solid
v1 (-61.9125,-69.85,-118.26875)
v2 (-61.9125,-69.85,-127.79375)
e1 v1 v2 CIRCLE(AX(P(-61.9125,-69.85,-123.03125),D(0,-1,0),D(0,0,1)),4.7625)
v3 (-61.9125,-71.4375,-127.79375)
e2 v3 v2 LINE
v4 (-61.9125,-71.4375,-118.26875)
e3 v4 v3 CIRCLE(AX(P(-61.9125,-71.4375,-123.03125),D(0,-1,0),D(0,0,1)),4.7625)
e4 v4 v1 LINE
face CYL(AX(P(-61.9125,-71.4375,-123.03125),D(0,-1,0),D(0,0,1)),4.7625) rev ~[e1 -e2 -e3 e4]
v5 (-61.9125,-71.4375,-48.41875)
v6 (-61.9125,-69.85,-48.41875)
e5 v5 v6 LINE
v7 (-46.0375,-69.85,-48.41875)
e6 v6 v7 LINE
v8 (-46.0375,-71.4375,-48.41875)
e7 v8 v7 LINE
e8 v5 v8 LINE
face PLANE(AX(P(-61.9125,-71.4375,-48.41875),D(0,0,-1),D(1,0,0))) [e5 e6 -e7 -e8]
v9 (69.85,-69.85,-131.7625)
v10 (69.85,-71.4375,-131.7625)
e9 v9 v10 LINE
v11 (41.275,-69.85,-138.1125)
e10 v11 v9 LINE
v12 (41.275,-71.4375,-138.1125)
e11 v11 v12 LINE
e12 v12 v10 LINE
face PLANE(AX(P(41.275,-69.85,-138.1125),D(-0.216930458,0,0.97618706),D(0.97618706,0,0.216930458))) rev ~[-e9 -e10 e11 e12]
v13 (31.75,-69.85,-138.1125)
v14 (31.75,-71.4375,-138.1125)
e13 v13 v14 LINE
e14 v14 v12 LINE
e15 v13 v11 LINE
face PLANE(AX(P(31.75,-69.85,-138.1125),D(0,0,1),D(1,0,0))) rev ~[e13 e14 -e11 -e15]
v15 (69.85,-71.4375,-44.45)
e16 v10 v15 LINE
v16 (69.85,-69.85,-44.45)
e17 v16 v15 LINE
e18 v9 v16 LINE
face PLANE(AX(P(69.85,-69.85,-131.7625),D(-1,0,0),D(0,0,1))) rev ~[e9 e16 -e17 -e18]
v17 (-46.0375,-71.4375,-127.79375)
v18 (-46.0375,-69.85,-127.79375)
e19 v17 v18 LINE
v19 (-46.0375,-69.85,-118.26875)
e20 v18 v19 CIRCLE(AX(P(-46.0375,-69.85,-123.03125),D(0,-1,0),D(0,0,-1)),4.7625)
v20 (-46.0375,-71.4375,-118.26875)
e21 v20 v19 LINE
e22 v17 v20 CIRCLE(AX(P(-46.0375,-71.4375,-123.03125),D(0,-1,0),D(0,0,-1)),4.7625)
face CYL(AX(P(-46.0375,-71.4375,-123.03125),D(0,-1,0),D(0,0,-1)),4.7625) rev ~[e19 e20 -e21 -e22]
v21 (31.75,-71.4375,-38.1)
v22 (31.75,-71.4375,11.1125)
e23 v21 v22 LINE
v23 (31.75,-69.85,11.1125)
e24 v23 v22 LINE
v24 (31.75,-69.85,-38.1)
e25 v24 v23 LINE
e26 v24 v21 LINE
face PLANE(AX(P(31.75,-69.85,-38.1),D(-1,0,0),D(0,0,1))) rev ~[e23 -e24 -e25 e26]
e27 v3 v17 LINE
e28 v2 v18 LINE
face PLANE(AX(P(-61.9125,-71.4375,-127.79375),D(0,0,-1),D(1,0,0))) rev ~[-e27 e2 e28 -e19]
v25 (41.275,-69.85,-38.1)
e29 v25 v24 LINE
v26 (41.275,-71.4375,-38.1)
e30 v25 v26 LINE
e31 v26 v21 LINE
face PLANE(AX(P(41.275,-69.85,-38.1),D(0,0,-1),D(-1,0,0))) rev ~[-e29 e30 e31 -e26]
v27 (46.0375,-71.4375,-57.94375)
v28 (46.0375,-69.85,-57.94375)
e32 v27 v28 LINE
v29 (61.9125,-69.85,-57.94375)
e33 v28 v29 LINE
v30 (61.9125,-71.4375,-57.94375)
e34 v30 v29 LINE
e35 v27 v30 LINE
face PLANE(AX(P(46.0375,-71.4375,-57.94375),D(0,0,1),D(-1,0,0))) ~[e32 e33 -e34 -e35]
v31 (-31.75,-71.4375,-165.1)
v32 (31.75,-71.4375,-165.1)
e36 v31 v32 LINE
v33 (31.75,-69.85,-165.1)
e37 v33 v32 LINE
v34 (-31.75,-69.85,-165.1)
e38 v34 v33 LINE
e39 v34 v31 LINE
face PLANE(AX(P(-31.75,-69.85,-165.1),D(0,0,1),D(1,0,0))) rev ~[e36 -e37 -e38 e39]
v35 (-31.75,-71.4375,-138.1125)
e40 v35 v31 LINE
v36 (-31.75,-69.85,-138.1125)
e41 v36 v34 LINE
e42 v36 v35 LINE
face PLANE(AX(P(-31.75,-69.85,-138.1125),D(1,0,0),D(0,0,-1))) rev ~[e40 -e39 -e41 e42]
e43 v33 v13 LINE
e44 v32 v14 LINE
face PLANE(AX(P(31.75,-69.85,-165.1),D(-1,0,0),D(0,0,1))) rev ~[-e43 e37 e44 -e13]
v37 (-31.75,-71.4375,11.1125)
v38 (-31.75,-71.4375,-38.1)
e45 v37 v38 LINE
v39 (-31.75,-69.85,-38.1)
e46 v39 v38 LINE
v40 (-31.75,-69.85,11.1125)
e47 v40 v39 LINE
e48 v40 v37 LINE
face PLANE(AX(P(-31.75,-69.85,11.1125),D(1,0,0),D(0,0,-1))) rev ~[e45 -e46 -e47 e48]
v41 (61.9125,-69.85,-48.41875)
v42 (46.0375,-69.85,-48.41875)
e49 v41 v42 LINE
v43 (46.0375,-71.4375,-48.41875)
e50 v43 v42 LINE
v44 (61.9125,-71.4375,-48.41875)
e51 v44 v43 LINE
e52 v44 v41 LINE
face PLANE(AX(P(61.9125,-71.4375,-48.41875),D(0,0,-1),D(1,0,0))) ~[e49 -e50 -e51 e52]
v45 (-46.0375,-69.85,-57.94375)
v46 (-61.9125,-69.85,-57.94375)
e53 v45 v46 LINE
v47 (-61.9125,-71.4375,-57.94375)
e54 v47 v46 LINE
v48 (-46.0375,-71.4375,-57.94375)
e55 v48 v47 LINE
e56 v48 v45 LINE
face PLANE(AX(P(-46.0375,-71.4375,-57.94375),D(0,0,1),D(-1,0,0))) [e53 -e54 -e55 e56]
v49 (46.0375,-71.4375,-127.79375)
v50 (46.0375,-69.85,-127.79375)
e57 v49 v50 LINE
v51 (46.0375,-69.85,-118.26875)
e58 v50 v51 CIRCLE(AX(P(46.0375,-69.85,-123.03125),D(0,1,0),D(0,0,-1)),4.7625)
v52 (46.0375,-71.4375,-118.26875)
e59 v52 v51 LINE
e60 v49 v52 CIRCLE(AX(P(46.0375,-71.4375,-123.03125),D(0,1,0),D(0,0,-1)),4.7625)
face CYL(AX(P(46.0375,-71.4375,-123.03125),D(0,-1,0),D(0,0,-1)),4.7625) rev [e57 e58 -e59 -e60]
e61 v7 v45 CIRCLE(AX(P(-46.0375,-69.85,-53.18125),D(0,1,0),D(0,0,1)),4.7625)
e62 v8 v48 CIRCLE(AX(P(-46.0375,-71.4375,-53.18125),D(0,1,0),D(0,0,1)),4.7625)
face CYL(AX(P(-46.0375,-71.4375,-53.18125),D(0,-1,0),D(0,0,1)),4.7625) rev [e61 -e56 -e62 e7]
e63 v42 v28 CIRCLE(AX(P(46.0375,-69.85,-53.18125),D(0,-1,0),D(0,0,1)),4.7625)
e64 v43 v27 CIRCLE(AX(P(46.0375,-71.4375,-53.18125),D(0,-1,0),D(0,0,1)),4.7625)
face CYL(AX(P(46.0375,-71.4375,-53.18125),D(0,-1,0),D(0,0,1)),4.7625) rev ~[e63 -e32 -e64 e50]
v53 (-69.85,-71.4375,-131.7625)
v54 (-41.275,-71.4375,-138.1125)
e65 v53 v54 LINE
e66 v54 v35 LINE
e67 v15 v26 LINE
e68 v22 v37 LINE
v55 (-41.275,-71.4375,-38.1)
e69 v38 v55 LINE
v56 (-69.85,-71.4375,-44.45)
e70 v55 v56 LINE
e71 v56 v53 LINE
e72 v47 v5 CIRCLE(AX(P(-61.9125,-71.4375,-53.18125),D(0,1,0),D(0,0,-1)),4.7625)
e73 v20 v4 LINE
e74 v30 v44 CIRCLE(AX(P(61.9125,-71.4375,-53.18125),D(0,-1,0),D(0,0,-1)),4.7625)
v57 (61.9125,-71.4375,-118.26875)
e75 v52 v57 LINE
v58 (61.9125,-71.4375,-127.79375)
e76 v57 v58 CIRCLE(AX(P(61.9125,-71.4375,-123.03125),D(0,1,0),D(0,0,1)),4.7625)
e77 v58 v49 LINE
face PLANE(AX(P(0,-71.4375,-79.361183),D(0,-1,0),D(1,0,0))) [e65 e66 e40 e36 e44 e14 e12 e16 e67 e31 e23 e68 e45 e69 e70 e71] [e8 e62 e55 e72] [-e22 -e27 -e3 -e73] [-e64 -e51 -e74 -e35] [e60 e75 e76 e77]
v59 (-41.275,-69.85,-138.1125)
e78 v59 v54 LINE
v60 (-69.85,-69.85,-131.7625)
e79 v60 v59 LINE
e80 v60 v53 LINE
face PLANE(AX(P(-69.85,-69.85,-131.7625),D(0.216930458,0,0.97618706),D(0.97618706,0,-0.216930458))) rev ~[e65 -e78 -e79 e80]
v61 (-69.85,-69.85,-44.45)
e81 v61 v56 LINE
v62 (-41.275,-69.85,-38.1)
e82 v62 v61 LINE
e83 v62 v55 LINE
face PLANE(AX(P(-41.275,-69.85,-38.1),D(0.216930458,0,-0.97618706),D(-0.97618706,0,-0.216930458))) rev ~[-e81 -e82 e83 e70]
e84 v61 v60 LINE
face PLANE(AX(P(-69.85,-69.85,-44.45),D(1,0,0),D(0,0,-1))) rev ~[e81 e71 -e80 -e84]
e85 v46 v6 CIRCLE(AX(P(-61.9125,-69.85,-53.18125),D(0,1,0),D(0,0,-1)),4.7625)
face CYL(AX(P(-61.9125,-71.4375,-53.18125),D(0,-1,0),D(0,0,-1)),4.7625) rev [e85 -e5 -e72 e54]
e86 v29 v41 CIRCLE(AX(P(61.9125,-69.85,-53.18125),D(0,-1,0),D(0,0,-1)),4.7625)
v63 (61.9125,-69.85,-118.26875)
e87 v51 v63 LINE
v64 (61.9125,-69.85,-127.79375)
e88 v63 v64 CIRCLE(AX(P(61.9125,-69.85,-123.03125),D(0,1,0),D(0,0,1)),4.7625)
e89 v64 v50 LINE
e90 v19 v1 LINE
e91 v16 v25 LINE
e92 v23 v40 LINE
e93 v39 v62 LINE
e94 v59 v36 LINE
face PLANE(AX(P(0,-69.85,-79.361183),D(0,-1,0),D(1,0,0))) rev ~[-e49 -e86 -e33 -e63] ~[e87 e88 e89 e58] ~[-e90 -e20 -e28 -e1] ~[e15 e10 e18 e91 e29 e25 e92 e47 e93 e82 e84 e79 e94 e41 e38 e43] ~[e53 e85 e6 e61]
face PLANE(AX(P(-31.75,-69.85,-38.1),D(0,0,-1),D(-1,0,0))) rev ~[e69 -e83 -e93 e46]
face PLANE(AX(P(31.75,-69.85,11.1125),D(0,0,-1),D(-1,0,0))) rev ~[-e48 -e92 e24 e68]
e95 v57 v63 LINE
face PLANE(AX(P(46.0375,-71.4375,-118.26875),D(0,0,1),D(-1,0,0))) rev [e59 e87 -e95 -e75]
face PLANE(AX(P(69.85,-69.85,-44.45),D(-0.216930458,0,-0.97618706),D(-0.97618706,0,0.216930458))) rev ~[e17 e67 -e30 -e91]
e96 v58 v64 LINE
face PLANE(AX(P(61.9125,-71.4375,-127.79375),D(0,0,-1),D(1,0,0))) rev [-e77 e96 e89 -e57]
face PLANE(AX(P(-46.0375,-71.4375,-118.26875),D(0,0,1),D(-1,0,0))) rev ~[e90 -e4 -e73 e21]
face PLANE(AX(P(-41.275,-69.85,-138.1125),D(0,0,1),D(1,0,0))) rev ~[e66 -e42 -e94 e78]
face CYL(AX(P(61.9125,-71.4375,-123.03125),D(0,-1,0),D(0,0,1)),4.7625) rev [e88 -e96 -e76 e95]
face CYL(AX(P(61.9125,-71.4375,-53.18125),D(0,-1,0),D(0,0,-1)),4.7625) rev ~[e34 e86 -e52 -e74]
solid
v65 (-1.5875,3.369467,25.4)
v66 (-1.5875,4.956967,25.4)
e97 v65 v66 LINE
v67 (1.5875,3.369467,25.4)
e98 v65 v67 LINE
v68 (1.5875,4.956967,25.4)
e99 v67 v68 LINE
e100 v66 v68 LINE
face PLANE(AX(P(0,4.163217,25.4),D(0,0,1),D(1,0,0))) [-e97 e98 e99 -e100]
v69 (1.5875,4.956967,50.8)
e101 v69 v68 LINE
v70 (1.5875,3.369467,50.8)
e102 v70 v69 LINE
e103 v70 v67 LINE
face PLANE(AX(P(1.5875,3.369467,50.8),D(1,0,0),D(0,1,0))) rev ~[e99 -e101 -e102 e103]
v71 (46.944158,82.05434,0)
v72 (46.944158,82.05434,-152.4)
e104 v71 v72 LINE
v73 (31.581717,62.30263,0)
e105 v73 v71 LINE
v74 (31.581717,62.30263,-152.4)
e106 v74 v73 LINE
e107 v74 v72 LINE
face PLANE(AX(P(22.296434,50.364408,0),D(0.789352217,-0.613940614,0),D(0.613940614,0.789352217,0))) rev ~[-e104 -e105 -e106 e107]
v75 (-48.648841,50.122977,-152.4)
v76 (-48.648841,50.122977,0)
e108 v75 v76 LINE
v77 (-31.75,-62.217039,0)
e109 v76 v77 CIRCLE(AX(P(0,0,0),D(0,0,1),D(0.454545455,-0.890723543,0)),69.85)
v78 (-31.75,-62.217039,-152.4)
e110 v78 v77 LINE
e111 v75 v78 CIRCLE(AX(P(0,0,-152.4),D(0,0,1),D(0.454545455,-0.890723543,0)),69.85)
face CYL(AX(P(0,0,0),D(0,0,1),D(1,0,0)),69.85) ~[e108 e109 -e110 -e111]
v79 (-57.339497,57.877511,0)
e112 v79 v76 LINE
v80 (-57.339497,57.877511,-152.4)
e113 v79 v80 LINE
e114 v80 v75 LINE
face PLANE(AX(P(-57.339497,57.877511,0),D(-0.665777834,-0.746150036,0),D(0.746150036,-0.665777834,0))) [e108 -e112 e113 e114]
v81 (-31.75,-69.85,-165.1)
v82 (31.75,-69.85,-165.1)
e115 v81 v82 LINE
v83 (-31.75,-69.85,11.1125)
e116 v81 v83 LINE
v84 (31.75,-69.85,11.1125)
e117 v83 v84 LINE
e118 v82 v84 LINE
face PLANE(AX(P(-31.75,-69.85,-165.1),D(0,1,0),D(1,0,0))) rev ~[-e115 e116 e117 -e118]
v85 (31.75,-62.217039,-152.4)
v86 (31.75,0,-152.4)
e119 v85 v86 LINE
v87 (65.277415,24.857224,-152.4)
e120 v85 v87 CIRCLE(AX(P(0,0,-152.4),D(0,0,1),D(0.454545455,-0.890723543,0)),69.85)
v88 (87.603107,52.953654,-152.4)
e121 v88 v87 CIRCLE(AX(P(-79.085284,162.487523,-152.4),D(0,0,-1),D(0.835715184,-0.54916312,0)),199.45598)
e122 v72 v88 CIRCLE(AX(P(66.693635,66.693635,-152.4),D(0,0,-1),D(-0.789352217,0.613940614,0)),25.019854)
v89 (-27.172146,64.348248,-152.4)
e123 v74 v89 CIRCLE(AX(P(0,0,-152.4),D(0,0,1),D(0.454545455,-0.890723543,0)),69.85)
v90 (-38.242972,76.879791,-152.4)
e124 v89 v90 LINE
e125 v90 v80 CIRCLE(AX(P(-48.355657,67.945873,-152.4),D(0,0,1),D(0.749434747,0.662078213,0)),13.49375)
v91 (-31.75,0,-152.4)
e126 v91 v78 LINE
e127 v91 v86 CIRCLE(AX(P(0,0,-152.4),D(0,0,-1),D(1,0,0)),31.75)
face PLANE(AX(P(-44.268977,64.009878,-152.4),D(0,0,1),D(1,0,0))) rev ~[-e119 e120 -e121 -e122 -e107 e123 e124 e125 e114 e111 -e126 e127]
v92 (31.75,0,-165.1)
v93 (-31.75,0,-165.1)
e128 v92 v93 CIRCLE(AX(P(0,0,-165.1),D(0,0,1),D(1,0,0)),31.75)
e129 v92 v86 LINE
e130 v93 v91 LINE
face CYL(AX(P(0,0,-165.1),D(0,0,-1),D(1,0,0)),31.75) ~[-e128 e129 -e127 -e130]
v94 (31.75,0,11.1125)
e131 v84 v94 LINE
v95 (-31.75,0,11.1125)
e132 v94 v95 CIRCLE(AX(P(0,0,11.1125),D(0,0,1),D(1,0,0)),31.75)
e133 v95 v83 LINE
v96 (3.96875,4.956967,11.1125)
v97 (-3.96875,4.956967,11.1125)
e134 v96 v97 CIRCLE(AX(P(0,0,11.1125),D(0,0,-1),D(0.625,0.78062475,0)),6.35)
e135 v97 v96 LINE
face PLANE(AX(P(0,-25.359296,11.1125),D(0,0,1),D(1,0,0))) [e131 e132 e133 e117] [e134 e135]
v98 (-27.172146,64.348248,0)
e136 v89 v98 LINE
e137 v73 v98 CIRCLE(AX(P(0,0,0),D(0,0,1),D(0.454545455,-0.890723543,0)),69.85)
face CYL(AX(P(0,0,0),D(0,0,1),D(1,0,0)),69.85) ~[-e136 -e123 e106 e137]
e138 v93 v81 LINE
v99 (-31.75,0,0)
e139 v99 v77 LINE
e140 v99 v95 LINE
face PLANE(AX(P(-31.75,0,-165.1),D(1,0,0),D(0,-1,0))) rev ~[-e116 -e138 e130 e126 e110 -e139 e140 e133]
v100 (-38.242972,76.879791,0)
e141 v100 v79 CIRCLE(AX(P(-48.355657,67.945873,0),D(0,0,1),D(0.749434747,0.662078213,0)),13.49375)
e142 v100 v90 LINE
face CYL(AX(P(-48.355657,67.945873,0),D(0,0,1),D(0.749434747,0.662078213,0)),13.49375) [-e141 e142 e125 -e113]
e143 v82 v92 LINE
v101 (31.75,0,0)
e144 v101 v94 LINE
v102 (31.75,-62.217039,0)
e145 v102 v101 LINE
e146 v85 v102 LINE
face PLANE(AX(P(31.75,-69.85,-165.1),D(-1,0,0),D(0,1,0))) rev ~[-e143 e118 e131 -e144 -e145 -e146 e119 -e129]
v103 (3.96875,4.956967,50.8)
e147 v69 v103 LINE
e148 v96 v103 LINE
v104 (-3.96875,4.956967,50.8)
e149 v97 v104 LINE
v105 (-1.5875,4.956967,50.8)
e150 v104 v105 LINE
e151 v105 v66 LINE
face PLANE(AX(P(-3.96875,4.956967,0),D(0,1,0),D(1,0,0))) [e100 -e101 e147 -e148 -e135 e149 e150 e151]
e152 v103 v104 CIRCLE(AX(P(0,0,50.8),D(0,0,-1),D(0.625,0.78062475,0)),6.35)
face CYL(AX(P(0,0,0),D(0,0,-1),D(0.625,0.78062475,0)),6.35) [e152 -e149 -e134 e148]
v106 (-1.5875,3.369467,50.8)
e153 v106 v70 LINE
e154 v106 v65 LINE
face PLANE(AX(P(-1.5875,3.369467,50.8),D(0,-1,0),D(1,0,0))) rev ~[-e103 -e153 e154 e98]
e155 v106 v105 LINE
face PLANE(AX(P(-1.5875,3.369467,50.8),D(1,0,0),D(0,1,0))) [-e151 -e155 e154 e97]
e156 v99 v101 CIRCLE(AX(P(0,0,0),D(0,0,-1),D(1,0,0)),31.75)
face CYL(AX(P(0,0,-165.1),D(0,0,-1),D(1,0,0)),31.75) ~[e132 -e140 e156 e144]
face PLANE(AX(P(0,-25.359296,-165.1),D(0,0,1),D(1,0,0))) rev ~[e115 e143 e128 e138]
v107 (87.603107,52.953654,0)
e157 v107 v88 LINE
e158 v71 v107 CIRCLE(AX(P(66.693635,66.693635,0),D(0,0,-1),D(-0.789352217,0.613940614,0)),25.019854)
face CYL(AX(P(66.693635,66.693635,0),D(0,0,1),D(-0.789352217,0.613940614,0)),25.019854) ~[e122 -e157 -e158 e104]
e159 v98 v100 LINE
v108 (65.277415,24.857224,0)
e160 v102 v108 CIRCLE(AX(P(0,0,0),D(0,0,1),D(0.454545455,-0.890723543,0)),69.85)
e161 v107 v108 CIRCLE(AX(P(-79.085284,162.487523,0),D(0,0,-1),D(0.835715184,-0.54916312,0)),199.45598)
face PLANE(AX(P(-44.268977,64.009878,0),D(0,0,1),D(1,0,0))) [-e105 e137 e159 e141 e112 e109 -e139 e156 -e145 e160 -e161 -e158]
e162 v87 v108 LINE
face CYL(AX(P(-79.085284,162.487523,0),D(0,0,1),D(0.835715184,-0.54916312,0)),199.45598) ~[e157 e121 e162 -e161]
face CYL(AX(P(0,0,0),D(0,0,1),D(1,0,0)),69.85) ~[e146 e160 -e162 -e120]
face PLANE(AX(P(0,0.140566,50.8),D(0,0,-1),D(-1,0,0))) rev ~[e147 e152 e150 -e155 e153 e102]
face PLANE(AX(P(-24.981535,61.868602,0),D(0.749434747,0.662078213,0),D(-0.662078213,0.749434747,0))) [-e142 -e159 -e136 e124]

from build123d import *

# Parameters (mm, degrees)
BOSS_EXTRUDE1_DEPTH      = 50.8
SKETCH2_R                = 69.85
BOSS_EXTRUDE2_DEPTH      = 152.4
BOSS_EXTRUDE3_DEPTH      = 11.1125
BOSS_EXTRUDE3_DEPTH_BACK = 165.1
BOSS_EXTRUDE4_DEPTH      = 1.5875
CUT_EXTRUDE1_DEPTH       = 1.5875
BOSS_EXTRUDE5_DEPTH      = 152.4
SKETCH7_W                = 3.175
SKETCH7_H                = 1.5875
CUT_EXTRUDE2_DEPTH       = 25.4


with BuildPart() as part:
    # Sketch1 → Boss-Extrude1 (new body)
    with BuildSketch(Plane.XY):
        with BuildLine():
            Line((-3.96875, 4.956967161), (3.96875, 4.956967161))
            ThreePointArc((3.96875, 4.956967161), (0, -6.35), (-3.96875, 4.956967161))
        make_face()
    extrude(amount=BOSS_EXTRUDE1_DEPTH)

    # Sketch2 → Boss-Extrude2 (add)
    with BuildSketch(Plane(origin=(0, 0, 0), x_dir=(-1, 0, 0), z_dir=(0, 0, -1))):
        with Locations(Location((0, 0, 0), (0, 0, 180))):
            Circle(SKETCH2_R)
    extrude(amount=BOSS_EXTRUDE2_DEPTH)

    # Sketch3 → Boss-Extrude3 (add, two sides: drawn at the far end of the back side and taken through both)
    with BuildSketch(Plane.XY.offset(-BOSS_EXTRUDE3_DEPTH_BACK)):
        with BuildLine():
            Line((-31.75, 0), (-31.75, -69.85))
            Line((-31.75, -69.85), (31.75, -69.85))
            Line((31.75, -69.85), (31.75, 0))
            ThreePointArc((31.75, 0), (0, 31.75), (-31.75, 0))
        make_face()
    extrude(amount=BOSS_EXTRUDE3_DEPTH + BOSS_EXTRUDE3_DEPTH_BACK)

    # Sketch6 → Boss-Extrude5 (add)
    with BuildSketch(Plane.XY):
        with BuildLine():
            Line((-57.339496862, 57.877511192), (-43.213350378, 45.2729749))
            Line((-43.213350378, 45.2729749), (-24.981535219, 61.868601519))
            Line((-24.981535219, 61.868601519), (-38.242972103, 76.879791128))
            ThreePointArc((-38.242972103, 76.879791128), (-57.873547409, 77.510968918), (-57.339496862, 57.877511192))
        make_face()
        with BuildLine():
            Line((22.296433765, 50.36440818), (46.944158333, 82.054339768))
            ThreePointArc((46.944158333, 82.054339768), (81.255533225, 87.039254438), (87.603107082, 52.953654438))
            ThreePointArc((87.603107082, 52.953654438), (74.164851505, 34.827489865), (58.76527868, 18.335136731))
            ThreePointArc((58.76527868, 18.335136731), (42.207462237, 36.258772628), (22.296433765, 50.36440818))
        make_face()
    extrude(amount=-BOSS_EXTRUDE5_DEPTH)

    # Sketch7 → Cut-Extrude2 (cut)
    with BuildSketch(Plane.XY.offset(50.8)):
        with Locations((0, 4.163217161)):
            Rectangle(SKETCH7_W, SKETCH7_H)
    extrude(amount=-CUT_EXTRUDE2_DEPTH, mode=Mode.SUBTRACT)


with BuildPart() as body_2:
    # Sketch4 → Boss-Extrude4 (new body)
    with BuildSketch(Plane.XZ.offset(69.85)):
        Polygon((-41.275, -38.1), (-69.85, -44.45), (-69.85, -131.7625), (-41.275, -138.1125), (-31.75, -138.1125), (-31.75, -165.1), (31.75, -165.1), (31.75, -138.1125), (41.275, -138.1125), (69.85, -131.7625), (69.85, -44.45), (41.275, -38.1), (31.75, -38.1), (31.75, 11.1125), (-31.75, 11.1125), (-31.75, -38.1), align=None)
    extrude(amount=BOSS_EXTRUDE4_DEPTH)

    # Sketch5 → Cut-Extrude1 (cut)
    with BuildSketch(Plane.XZ.offset(71.4375)):
        with BuildLine():
            Line((-61.9125, -48.41875), (-46.0375, -48.41875))
            ThreePointArc((-46.0375, -48.41875), (-41.275, -53.18125), (-46.0375, -57.94375))
            Line((-46.0375, -57.94375), (-61.9125, -57.94375))
            ThreePointArc((-61.9125, -57.94375), (-66.675, -53.18125), (-61.9125, -48.41875))
        make_face()
        with BuildLine():
            Line((-61.9125, -127.79375), (-46.0375, -127.79375))
            ThreePointArc((-46.0375, -127.79375), (-41.275, -123.03125), (-46.0375, -118.26875))
            Line((-46.0375, -118.26875), (-61.9125, -118.26875))
            ThreePointArc((-61.9125, -118.26875), (-66.675, -123.03125), (-61.9125, -127.79375))
        make_face()
    cut_extrude1 = extrude(amount=-CUT_EXTRUDE1_DEPTH, mode=Mode.SUBTRACT)

    # Mirror1: Cut-Extrude1 across plane
    add(cut_extrude1.mirror(Plane(origin=(0, 0, 0), x_dir=(0, 0, 1), z_dir=(1, 0, 0))), mode=Mode.SUBTRACT)


solid = Compound([part.part, body_2.part])
